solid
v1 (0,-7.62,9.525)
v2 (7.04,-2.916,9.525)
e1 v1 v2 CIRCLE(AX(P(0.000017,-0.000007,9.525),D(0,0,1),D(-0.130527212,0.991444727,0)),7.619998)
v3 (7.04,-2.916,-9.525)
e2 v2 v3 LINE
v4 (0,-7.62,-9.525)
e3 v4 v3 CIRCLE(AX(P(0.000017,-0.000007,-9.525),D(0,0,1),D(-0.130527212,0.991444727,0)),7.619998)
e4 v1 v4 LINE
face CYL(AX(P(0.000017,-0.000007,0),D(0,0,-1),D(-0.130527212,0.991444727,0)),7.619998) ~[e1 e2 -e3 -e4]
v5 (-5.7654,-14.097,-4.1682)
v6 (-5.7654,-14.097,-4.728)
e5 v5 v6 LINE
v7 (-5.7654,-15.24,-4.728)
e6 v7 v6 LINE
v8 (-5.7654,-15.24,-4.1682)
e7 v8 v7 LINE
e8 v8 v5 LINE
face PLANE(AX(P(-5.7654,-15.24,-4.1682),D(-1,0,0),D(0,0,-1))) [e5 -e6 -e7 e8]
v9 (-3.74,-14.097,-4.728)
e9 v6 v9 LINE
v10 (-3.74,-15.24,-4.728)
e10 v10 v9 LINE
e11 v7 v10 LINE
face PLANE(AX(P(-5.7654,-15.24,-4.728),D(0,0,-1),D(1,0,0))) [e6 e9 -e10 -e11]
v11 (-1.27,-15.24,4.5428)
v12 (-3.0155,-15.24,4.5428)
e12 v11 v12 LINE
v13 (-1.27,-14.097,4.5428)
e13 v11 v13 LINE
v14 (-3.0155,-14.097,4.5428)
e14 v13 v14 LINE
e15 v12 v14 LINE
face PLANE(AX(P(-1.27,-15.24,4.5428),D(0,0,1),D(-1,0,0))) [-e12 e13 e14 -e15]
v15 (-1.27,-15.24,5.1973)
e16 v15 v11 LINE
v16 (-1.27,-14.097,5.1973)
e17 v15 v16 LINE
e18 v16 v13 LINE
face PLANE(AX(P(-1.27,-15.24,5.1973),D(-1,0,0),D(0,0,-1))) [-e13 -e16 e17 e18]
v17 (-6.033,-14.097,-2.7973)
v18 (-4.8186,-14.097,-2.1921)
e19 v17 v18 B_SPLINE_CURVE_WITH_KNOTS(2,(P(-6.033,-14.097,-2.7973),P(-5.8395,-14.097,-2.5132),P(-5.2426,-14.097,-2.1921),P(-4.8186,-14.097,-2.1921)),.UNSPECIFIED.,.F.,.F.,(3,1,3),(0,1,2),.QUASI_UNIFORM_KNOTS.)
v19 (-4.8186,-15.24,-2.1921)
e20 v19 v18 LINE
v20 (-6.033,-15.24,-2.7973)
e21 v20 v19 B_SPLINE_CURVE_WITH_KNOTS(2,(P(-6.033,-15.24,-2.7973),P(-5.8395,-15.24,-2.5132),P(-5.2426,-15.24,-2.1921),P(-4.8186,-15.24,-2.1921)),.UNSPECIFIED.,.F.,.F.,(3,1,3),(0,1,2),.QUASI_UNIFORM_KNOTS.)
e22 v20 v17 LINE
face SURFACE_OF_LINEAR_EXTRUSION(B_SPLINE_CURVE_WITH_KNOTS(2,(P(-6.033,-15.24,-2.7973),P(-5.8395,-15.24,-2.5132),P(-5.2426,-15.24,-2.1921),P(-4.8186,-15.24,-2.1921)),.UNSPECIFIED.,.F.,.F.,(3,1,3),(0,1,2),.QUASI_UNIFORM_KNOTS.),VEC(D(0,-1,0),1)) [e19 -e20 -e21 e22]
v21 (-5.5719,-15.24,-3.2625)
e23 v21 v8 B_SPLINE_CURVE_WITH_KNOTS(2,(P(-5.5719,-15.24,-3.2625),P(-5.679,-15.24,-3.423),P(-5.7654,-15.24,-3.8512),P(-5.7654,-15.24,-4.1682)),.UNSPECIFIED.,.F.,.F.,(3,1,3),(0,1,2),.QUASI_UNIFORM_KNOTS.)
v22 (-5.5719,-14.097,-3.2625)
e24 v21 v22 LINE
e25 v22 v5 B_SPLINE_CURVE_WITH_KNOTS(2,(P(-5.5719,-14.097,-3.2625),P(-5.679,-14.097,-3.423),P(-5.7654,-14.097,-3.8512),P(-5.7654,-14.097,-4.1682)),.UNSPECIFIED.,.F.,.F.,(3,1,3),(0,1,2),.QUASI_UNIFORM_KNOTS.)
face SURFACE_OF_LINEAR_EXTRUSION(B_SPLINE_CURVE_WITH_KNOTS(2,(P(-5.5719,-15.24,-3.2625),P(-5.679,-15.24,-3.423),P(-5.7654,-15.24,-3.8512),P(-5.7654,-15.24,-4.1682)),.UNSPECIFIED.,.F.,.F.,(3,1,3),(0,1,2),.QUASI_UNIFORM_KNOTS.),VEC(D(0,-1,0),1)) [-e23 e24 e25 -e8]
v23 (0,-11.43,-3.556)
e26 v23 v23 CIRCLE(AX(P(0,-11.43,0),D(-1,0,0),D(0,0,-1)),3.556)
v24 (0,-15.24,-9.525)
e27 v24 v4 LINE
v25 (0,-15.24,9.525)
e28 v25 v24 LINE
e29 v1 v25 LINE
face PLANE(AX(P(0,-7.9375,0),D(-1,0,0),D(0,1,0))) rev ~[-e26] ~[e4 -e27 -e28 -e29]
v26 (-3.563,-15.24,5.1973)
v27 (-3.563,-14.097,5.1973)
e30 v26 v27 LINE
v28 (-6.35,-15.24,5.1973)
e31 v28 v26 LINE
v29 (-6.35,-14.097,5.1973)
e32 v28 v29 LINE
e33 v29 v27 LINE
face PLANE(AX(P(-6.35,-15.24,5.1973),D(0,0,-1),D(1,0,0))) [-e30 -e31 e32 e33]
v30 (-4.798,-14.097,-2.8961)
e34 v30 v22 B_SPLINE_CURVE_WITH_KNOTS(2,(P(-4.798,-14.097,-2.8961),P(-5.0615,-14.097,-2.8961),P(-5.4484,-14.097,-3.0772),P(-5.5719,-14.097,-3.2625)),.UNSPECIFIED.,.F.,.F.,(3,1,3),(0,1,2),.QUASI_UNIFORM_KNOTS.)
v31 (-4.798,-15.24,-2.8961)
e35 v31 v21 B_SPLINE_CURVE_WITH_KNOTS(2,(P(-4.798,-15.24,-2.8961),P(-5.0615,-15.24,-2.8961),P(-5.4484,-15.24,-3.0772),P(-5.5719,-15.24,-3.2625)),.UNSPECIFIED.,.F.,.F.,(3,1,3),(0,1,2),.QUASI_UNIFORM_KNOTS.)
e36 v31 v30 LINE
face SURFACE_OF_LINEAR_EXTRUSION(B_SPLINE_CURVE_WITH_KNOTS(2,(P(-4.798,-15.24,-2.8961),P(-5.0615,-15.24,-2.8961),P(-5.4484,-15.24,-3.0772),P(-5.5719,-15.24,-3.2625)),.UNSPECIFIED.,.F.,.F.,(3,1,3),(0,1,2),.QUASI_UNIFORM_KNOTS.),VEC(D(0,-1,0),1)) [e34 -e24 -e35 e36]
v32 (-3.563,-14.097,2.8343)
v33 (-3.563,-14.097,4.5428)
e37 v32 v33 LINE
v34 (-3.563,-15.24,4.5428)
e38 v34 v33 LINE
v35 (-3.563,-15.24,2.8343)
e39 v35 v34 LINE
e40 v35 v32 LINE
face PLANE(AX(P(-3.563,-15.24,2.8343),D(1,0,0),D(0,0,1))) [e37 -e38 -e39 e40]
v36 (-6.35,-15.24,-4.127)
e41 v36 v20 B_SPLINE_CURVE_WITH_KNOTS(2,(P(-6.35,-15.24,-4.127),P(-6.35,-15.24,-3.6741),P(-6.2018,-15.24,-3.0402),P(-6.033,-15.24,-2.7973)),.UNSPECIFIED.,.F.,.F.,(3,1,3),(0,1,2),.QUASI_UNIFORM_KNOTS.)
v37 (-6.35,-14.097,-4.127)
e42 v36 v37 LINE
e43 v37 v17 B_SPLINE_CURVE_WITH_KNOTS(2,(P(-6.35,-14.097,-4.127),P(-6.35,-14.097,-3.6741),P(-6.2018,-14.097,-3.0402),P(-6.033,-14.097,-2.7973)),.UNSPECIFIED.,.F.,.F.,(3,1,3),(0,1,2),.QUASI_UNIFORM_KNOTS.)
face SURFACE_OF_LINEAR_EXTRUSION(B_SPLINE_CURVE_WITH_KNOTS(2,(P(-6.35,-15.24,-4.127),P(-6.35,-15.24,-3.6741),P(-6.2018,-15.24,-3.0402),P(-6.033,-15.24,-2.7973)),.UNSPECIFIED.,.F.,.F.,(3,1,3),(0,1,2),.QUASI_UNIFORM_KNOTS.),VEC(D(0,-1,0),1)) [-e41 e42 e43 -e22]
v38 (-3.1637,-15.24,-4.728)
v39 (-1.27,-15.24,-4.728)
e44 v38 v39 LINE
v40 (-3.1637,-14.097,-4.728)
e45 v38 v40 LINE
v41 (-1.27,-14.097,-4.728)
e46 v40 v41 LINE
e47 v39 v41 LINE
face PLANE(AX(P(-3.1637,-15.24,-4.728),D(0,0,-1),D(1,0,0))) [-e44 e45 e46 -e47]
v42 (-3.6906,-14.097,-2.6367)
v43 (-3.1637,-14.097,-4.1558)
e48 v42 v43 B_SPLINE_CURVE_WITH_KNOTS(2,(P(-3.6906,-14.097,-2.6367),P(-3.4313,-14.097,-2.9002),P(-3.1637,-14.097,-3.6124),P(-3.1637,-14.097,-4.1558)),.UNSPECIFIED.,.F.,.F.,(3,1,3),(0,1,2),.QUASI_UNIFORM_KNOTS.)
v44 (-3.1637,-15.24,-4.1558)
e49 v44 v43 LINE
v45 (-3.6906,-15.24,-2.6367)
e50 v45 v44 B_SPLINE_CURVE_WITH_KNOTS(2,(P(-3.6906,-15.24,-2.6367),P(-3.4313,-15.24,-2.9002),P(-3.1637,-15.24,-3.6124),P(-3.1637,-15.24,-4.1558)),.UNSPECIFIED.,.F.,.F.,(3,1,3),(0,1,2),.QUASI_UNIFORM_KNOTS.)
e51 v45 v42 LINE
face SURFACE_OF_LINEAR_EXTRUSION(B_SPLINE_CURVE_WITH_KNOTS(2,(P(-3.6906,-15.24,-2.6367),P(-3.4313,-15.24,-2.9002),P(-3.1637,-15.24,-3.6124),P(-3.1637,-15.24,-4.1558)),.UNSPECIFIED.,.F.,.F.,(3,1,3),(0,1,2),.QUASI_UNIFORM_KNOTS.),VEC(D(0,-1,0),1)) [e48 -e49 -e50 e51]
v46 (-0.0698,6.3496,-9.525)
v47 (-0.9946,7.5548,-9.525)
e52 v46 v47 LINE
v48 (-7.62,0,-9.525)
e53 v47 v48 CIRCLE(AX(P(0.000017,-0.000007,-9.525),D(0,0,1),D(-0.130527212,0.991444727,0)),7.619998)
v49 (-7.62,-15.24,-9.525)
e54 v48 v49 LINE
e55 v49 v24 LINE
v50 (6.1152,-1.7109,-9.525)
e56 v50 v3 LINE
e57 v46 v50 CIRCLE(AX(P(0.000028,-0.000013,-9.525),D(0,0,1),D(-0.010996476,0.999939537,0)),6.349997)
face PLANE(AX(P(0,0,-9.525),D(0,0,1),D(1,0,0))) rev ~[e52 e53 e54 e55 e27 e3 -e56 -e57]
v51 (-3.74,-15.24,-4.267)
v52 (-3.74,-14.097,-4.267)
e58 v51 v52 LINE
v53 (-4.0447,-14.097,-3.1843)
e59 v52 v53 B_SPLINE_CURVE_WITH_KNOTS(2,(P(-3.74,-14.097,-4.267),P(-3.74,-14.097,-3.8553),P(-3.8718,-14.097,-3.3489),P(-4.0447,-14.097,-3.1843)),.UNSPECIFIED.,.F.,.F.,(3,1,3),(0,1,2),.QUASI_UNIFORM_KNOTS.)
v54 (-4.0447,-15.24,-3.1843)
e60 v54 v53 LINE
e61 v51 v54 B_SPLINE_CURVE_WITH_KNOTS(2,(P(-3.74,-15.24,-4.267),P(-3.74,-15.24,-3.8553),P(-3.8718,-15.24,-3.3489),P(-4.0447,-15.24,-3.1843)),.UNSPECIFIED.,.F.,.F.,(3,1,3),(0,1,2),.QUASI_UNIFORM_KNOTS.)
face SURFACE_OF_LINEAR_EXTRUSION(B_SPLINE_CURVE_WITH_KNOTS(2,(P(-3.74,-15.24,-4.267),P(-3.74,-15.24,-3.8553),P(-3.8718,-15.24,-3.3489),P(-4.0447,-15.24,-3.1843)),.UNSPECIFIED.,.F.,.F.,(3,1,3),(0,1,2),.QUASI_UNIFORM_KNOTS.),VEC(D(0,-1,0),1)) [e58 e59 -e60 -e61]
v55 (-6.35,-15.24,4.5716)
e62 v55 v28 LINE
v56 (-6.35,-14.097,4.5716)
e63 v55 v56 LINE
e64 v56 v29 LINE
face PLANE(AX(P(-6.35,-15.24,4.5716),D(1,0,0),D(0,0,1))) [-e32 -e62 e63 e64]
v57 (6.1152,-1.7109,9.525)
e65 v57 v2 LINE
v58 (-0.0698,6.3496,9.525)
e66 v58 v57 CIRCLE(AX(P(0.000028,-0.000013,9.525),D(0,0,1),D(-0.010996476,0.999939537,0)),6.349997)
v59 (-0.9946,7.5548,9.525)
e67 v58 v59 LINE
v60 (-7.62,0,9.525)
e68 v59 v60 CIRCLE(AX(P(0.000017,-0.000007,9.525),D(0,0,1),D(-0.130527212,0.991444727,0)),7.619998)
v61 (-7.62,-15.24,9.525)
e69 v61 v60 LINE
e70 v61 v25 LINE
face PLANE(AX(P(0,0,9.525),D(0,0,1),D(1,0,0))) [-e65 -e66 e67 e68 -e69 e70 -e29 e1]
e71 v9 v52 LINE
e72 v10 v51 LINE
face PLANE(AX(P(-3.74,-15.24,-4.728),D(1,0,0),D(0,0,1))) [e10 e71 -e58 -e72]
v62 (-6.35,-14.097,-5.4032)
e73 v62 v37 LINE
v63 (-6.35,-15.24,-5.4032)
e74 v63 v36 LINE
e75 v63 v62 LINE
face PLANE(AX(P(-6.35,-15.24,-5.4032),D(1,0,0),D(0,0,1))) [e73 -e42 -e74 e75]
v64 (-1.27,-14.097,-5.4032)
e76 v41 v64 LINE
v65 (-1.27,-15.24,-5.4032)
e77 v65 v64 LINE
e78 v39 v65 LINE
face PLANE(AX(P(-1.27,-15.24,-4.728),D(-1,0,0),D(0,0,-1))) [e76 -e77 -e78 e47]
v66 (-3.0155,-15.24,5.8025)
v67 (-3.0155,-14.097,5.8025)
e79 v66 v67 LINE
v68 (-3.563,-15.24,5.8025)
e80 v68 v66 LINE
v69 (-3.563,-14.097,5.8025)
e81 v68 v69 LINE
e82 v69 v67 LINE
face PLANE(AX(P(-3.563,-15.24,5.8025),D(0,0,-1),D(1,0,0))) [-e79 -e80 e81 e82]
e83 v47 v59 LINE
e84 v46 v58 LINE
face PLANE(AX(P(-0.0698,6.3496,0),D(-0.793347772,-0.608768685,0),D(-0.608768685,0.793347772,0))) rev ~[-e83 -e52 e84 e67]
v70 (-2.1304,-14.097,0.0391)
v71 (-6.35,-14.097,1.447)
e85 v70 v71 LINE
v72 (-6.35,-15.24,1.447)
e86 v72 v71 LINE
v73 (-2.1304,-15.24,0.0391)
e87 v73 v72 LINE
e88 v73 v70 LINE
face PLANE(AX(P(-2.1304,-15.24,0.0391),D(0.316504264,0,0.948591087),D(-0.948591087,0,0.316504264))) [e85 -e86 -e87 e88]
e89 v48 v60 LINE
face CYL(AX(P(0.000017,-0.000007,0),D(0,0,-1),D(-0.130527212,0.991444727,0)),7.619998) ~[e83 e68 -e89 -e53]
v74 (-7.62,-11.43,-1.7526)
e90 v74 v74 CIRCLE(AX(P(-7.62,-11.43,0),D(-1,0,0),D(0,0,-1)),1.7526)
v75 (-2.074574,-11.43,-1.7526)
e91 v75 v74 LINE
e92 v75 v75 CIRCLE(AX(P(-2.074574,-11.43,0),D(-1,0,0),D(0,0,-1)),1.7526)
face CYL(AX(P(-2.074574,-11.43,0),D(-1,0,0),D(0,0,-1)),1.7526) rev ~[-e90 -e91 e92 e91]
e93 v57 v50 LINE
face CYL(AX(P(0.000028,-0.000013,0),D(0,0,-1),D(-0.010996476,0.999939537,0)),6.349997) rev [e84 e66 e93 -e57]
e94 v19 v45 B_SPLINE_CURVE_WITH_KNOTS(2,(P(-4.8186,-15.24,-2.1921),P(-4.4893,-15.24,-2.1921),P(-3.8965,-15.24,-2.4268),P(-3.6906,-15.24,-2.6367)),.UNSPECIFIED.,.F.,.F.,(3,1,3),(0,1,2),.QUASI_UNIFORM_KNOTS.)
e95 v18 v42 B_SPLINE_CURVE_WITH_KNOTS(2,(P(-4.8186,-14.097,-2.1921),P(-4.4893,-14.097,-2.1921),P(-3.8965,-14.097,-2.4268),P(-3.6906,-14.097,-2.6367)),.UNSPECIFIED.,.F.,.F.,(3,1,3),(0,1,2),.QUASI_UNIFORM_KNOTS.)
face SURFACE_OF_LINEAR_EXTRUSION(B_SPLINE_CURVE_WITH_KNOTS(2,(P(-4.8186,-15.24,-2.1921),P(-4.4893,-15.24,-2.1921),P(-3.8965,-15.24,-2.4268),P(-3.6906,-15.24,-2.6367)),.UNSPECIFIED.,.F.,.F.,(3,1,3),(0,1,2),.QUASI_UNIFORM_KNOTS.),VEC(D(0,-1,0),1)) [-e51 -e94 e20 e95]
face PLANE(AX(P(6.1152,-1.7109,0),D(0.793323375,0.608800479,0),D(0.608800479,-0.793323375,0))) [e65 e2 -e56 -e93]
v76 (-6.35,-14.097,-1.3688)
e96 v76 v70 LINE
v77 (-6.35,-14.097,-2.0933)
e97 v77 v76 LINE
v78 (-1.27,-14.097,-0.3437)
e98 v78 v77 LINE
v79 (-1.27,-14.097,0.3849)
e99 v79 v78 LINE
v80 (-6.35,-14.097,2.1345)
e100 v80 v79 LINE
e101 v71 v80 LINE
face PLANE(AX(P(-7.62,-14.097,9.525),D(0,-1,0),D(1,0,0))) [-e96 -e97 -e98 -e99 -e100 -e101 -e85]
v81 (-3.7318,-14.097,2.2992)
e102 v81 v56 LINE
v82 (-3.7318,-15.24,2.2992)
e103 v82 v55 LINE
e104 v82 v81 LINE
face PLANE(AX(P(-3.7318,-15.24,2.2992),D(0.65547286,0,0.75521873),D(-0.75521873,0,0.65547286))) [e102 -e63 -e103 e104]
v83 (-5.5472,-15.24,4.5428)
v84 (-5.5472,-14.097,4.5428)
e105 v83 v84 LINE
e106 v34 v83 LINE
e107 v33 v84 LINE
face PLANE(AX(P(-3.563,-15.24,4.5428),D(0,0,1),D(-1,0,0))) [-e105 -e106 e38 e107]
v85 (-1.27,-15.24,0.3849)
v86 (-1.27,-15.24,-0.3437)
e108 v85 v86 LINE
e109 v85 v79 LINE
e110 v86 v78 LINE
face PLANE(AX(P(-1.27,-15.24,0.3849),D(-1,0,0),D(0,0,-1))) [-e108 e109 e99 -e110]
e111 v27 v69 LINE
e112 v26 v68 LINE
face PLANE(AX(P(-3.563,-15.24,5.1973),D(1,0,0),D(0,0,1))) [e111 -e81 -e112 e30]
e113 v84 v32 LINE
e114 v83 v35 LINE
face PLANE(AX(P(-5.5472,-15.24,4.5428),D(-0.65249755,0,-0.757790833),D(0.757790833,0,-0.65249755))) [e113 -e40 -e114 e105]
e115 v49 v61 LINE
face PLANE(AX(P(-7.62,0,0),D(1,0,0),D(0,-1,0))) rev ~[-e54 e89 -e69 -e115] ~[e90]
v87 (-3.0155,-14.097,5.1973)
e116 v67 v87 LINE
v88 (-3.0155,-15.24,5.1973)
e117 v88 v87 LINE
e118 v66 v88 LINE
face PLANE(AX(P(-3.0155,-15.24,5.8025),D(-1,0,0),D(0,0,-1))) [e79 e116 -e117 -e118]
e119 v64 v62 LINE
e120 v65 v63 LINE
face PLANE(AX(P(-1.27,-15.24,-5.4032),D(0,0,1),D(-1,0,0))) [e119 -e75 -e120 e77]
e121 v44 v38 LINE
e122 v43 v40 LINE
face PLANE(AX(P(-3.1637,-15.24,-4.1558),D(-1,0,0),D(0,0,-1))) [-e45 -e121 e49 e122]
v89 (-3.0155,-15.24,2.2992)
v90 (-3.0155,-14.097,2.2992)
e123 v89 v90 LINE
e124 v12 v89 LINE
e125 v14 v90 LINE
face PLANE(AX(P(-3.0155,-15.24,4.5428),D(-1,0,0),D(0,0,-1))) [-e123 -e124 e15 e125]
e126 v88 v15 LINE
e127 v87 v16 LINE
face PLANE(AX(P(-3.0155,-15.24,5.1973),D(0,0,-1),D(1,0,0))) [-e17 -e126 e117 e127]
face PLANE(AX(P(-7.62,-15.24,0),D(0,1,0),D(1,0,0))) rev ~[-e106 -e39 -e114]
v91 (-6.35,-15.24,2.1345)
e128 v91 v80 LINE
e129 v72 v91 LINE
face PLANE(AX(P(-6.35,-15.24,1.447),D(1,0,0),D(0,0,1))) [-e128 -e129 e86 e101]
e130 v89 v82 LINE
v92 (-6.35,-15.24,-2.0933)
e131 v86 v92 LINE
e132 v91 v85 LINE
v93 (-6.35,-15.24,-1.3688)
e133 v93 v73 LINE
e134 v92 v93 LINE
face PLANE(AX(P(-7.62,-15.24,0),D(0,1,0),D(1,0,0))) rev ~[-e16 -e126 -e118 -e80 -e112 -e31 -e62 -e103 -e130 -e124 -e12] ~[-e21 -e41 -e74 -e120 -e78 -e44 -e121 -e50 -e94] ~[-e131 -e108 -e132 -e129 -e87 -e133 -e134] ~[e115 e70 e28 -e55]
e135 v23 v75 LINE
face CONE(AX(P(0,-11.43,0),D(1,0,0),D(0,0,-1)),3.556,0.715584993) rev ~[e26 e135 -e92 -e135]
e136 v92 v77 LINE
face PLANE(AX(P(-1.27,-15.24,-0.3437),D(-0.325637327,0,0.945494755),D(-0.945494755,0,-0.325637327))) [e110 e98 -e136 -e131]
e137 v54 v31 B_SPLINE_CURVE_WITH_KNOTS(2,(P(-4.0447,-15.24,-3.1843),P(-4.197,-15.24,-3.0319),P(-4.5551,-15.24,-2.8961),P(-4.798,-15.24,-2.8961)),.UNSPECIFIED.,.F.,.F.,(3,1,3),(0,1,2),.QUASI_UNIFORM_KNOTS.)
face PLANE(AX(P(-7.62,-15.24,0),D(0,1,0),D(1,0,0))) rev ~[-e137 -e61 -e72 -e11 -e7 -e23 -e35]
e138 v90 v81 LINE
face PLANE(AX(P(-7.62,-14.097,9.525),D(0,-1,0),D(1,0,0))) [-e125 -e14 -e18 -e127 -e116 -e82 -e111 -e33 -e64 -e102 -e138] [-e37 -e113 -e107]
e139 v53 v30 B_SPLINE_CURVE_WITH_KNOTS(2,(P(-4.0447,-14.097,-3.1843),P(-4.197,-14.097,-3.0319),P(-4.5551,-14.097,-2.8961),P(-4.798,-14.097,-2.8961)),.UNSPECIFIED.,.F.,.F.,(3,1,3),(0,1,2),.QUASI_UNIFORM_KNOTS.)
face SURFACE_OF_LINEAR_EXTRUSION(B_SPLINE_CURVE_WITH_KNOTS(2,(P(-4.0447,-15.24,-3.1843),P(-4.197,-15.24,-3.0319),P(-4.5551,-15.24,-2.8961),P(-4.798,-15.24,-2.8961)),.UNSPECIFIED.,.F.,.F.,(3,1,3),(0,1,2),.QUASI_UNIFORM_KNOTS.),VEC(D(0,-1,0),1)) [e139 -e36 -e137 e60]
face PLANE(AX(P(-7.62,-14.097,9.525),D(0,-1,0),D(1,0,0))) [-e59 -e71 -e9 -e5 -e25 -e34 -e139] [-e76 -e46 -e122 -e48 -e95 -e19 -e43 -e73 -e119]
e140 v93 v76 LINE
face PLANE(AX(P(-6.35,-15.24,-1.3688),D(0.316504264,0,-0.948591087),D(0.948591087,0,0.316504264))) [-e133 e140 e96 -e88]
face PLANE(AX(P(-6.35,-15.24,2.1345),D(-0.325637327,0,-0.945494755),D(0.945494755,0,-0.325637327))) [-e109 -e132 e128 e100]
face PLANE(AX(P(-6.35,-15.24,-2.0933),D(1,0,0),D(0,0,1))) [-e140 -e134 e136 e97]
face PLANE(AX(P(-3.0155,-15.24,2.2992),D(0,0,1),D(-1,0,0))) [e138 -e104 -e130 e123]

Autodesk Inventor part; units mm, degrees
ref_plane "YZ Plane" through (0, 0, 0) normal (1, 0, 0) x (0, 1, 0)
ref_plane "XZ Plane" through (0, 0, 0) normal (0, 1, 0) x (-1, 0, 0)
ref_plane "XY Plane" through (0, 0, 0) normal (0, 0, 1) x (1, 0, 0)
sketch "Sketch4" plane through (0, 0, 0) normal (0, 0, 1) x (1, 0, 0)
  arc A0 (-0.0698, 6.3496) -> (6.1152, -1.7109) centre (0, 0) ccw
  arc A1 (-0.9946, 7.5548) -> (7.04, -2.916) centre (0, 0) ccw
  line L0 (0, 0) -> (0, 7.9375) construction
  line L1 (-0.0698, 6.3496) -> (6.1152, -1.7109) construction
  line L2 (-0.0698, 6.3496) -> (-0.9946, 7.5548)
  line L3 (6.1152, -1.7109) -> (7.04, -2.916)
  circle A2 centre (0, 0) radius 6.35
  dimension "d10" = 12.7
  dimension "d11" = 1.27
  dimension "d12" = 37.5
  dimension "d13" = 10.16
extrude "Extrusion3" add sketch "Sketch4" along normal mid plane 19.05 contours A0 L3 A1 L2
sketch "Sketch5" plane through (0, 0, 0) normal (0, 0, 1) x (1, 0, 0)
  arc A0 (-0.9946, 7.5548) -> (7.04, -2.916) centre (0, 0) ccw projected
  line L0 (-7.62, 0) -> (-7.62, -15.24)
  line L1 (-7.62, -15.24) -> (0, -15.24)
  line L2 (0, -15.24) -> (0, -7.62)
  circle A1 centre (0, 0) radius 7.9375
  dimension "d16" = 7.62
extrude "Extrusion4" add sketch "Sketch5" along normal mid plane 19.05 contours A0 L2 A1 L0 | A1 L2 L1 L0 picked at (-7.3048, -2.4081)
sketch "Sketch6" plane through (0, -15.24, 9.525) normal (1, 0, 0) x (0, 0, -1)
  line L0 (0, 7.62) -> (19.05, 7.62) projected
  line L1 (19.05, 7.62) -> (19.05, 0) projected
  line L2 (0, 0) -> (19.05, 0) projected
  line L3 (0, 0) -> (0, 7.62) projected
  line L4 (0, 7.62) -> (19.05, 0) construction
  line L5 (19.05, 7.62) -> (0, 0) construction
  point P0 (9.525, 15.24)
  point P1 (9.525, 3.81)
hole "Hole1" at (0, -11.43, 0) direction (-1, 0, 0) diameter 3.5052 end through all countersink diameter 7.112 countersink angle 82
sketch "Sketch10" plane through (-7.62, -15.24, 9.525) normal (0, -1, 0) x (1, 0, 0)
  line L0 (0, -19.05) -> (0, 0) projected
  line L1 (7.62, -19.05) -> (0, -19.05) projected
  line L2 (7.62, 0) -> (7.62, -19.05) projected
  line L3 (0, 0) -> (7.62, 0) projected
  line L4 (3.81, -19.05) -> (3.81, 0) construction
  spline S0 degree 2 poles (2.8014, -11.7171) (3.1307, -11.7171) (3.7235, -11.9518) (3.9294, -12.1617) knots 0 0 0 1 2 2 2
  spline S1 degree 2 poles (3.9294, -12.1617) (4.1887, -12.4252) (4.4563, -13.1374) (4.4563, -13.6808) knots 0 0 0 1 2 2 2
  line L5 (4.4563, -13.6808) -> (4.4563, -14.253)
  line L6 (4.4563, -14.253) -> (6.35, -14.253)
  line L7 (6.35, -14.253) -> (6.35, -14.9282)
  line L8 (6.35, -14.9282) -> (1.27, -14.9282)
  line L9 (1.27, -14.9282) -> (1.27, -13.652)
  spline S2 degree 2 poles (1.27, -13.652) (1.27, -13.1991) (1.4182, -12.5652) (1.587, -12.3223) knots 0 0 0 1 2 2 2
  spline S3 degree 2 poles (1.587, -12.3223) (1.7805, -12.0382) (2.3774, -11.7171) (2.8014, -11.7171) knots 0 0 0 1 2 2 2
  spline S4 degree 2 poles (2.822, -12.4211) (2.5585, -12.4211) (2.1716, -12.6022) (2.0481, -12.7875) knots 0 0 0 1 2 2 2
  spline S5 degree 2 poles (2.0481, -12.7875) (1.941, -12.948) (1.8546, -13.3762) (1.8546, -13.6932) knots 0 0 0 1 2 2 2
  line L10 (1.8546, -13.6932) -> (1.8546, -14.253)
  line L11 (1.8546, -14.253) -> (3.88, -14.253)
  line L12 (3.88, -14.253) -> (3.88, -13.792)
  spline S6 degree 2 poles (3.88, -13.792) (3.88, -13.3803) (3.7482, -12.8739) (3.5753, -12.7093) knots 0 0 0 1 2 2 2
  spline S7 degree 2 poles (3.5753, -12.7093) (3.423, -12.5569) (3.0649, -12.4211) (2.822, -12.4211) knots 0 0 0 1 2 2 2
  line L13 (1.27, -7.3905) -> (6.35, -9.1401)
  line L14 (6.35, -9.1401) -> (6.35, -9.8687)
  line L15 (6.35, -9.8687) -> (1.27, -11.6183)
  line L16 (1.27, -11.6183) -> (1.27, -10.8938)
  line L17 (1.27, -10.8938) -> (5.4896, -9.4859)
  line L18 (5.4896, -9.4859) -> (1.27, -8.078)
  line L19 (1.27, -8.078) -> (1.27, -7.3905)
  line L20 (4.6045, -3.7225) -> (4.6045, -4.3277)
  line L21 (4.6045, -4.3277) -> (6.35, -4.3277)
  line L22 (6.35, -4.3277) -> (6.35, -4.9822)
  line L23 (6.35, -4.9822) -> (4.6045, -4.9822)
  line L24 (4.6045, -4.9822) -> (4.6045, -7.2258)
  line L25 (4.6045, -7.2258) -> (3.8882, -7.2258)
  line L26 (3.8882, -7.2258) -> (1.27, -4.9534)
  line L27 (1.27, -4.9534) -> (1.27, -4.3277)
  line L28 (1.27, -4.3277) -> (4.057, -4.3277)
  line L29 (4.057, -4.3277) -> (4.057, -3.7225)
  line L30 (4.057, -3.7225) -> (4.6045, -3.7225)
  line L31 (4.057, -4.9822) -> (2.0728, -4.9822)
  line L32 (2.0728, -4.9822) -> (4.057, -6.6907)
  line L33 (4.057, -6.6907) -> (4.057, -4.9822)
  point P0 (7.62, -9.525)
extrude "Text" cut sketch "Sketch10" against normal blind 1.143 contours S0 S1 L5 L6 L7 L8 L9 S2 S3 | L13 L14 L15 L16 L17 L18 L19 | L20 L21 L22 L23 L24 L25 L26 L27 L28 L29 L30
equation "\"d10\" = shadeDiameter"
equation "\"d11\" = shadeHolderWallThickness"
equation "\"d13\" = openingForShade"
equation "\"d14\" = partWidth"
equation "\"d16\" = flatBelowShade"
equation "\"d17\" = partWidth"
equation "\"d28\" = textDepth"
equation "\"shadeDiameter\" = 12.7"
equation "\"partWidth\" = 19.05"
equation "\"backThickness\" = 1.905"
equation "\"backHeight\" = 25.4"
equation "\"cutTiltAngle\" = 52.5deg"
equation "\"flatBelowShade\" = 7.62"
equation "\"shadeHolderWallThickness\" = 1.27"
equation "\"openingForShade\" = 10.16"
equation "\"textDepth\" = 1.143"
properties part number "shadeHolderV02"
